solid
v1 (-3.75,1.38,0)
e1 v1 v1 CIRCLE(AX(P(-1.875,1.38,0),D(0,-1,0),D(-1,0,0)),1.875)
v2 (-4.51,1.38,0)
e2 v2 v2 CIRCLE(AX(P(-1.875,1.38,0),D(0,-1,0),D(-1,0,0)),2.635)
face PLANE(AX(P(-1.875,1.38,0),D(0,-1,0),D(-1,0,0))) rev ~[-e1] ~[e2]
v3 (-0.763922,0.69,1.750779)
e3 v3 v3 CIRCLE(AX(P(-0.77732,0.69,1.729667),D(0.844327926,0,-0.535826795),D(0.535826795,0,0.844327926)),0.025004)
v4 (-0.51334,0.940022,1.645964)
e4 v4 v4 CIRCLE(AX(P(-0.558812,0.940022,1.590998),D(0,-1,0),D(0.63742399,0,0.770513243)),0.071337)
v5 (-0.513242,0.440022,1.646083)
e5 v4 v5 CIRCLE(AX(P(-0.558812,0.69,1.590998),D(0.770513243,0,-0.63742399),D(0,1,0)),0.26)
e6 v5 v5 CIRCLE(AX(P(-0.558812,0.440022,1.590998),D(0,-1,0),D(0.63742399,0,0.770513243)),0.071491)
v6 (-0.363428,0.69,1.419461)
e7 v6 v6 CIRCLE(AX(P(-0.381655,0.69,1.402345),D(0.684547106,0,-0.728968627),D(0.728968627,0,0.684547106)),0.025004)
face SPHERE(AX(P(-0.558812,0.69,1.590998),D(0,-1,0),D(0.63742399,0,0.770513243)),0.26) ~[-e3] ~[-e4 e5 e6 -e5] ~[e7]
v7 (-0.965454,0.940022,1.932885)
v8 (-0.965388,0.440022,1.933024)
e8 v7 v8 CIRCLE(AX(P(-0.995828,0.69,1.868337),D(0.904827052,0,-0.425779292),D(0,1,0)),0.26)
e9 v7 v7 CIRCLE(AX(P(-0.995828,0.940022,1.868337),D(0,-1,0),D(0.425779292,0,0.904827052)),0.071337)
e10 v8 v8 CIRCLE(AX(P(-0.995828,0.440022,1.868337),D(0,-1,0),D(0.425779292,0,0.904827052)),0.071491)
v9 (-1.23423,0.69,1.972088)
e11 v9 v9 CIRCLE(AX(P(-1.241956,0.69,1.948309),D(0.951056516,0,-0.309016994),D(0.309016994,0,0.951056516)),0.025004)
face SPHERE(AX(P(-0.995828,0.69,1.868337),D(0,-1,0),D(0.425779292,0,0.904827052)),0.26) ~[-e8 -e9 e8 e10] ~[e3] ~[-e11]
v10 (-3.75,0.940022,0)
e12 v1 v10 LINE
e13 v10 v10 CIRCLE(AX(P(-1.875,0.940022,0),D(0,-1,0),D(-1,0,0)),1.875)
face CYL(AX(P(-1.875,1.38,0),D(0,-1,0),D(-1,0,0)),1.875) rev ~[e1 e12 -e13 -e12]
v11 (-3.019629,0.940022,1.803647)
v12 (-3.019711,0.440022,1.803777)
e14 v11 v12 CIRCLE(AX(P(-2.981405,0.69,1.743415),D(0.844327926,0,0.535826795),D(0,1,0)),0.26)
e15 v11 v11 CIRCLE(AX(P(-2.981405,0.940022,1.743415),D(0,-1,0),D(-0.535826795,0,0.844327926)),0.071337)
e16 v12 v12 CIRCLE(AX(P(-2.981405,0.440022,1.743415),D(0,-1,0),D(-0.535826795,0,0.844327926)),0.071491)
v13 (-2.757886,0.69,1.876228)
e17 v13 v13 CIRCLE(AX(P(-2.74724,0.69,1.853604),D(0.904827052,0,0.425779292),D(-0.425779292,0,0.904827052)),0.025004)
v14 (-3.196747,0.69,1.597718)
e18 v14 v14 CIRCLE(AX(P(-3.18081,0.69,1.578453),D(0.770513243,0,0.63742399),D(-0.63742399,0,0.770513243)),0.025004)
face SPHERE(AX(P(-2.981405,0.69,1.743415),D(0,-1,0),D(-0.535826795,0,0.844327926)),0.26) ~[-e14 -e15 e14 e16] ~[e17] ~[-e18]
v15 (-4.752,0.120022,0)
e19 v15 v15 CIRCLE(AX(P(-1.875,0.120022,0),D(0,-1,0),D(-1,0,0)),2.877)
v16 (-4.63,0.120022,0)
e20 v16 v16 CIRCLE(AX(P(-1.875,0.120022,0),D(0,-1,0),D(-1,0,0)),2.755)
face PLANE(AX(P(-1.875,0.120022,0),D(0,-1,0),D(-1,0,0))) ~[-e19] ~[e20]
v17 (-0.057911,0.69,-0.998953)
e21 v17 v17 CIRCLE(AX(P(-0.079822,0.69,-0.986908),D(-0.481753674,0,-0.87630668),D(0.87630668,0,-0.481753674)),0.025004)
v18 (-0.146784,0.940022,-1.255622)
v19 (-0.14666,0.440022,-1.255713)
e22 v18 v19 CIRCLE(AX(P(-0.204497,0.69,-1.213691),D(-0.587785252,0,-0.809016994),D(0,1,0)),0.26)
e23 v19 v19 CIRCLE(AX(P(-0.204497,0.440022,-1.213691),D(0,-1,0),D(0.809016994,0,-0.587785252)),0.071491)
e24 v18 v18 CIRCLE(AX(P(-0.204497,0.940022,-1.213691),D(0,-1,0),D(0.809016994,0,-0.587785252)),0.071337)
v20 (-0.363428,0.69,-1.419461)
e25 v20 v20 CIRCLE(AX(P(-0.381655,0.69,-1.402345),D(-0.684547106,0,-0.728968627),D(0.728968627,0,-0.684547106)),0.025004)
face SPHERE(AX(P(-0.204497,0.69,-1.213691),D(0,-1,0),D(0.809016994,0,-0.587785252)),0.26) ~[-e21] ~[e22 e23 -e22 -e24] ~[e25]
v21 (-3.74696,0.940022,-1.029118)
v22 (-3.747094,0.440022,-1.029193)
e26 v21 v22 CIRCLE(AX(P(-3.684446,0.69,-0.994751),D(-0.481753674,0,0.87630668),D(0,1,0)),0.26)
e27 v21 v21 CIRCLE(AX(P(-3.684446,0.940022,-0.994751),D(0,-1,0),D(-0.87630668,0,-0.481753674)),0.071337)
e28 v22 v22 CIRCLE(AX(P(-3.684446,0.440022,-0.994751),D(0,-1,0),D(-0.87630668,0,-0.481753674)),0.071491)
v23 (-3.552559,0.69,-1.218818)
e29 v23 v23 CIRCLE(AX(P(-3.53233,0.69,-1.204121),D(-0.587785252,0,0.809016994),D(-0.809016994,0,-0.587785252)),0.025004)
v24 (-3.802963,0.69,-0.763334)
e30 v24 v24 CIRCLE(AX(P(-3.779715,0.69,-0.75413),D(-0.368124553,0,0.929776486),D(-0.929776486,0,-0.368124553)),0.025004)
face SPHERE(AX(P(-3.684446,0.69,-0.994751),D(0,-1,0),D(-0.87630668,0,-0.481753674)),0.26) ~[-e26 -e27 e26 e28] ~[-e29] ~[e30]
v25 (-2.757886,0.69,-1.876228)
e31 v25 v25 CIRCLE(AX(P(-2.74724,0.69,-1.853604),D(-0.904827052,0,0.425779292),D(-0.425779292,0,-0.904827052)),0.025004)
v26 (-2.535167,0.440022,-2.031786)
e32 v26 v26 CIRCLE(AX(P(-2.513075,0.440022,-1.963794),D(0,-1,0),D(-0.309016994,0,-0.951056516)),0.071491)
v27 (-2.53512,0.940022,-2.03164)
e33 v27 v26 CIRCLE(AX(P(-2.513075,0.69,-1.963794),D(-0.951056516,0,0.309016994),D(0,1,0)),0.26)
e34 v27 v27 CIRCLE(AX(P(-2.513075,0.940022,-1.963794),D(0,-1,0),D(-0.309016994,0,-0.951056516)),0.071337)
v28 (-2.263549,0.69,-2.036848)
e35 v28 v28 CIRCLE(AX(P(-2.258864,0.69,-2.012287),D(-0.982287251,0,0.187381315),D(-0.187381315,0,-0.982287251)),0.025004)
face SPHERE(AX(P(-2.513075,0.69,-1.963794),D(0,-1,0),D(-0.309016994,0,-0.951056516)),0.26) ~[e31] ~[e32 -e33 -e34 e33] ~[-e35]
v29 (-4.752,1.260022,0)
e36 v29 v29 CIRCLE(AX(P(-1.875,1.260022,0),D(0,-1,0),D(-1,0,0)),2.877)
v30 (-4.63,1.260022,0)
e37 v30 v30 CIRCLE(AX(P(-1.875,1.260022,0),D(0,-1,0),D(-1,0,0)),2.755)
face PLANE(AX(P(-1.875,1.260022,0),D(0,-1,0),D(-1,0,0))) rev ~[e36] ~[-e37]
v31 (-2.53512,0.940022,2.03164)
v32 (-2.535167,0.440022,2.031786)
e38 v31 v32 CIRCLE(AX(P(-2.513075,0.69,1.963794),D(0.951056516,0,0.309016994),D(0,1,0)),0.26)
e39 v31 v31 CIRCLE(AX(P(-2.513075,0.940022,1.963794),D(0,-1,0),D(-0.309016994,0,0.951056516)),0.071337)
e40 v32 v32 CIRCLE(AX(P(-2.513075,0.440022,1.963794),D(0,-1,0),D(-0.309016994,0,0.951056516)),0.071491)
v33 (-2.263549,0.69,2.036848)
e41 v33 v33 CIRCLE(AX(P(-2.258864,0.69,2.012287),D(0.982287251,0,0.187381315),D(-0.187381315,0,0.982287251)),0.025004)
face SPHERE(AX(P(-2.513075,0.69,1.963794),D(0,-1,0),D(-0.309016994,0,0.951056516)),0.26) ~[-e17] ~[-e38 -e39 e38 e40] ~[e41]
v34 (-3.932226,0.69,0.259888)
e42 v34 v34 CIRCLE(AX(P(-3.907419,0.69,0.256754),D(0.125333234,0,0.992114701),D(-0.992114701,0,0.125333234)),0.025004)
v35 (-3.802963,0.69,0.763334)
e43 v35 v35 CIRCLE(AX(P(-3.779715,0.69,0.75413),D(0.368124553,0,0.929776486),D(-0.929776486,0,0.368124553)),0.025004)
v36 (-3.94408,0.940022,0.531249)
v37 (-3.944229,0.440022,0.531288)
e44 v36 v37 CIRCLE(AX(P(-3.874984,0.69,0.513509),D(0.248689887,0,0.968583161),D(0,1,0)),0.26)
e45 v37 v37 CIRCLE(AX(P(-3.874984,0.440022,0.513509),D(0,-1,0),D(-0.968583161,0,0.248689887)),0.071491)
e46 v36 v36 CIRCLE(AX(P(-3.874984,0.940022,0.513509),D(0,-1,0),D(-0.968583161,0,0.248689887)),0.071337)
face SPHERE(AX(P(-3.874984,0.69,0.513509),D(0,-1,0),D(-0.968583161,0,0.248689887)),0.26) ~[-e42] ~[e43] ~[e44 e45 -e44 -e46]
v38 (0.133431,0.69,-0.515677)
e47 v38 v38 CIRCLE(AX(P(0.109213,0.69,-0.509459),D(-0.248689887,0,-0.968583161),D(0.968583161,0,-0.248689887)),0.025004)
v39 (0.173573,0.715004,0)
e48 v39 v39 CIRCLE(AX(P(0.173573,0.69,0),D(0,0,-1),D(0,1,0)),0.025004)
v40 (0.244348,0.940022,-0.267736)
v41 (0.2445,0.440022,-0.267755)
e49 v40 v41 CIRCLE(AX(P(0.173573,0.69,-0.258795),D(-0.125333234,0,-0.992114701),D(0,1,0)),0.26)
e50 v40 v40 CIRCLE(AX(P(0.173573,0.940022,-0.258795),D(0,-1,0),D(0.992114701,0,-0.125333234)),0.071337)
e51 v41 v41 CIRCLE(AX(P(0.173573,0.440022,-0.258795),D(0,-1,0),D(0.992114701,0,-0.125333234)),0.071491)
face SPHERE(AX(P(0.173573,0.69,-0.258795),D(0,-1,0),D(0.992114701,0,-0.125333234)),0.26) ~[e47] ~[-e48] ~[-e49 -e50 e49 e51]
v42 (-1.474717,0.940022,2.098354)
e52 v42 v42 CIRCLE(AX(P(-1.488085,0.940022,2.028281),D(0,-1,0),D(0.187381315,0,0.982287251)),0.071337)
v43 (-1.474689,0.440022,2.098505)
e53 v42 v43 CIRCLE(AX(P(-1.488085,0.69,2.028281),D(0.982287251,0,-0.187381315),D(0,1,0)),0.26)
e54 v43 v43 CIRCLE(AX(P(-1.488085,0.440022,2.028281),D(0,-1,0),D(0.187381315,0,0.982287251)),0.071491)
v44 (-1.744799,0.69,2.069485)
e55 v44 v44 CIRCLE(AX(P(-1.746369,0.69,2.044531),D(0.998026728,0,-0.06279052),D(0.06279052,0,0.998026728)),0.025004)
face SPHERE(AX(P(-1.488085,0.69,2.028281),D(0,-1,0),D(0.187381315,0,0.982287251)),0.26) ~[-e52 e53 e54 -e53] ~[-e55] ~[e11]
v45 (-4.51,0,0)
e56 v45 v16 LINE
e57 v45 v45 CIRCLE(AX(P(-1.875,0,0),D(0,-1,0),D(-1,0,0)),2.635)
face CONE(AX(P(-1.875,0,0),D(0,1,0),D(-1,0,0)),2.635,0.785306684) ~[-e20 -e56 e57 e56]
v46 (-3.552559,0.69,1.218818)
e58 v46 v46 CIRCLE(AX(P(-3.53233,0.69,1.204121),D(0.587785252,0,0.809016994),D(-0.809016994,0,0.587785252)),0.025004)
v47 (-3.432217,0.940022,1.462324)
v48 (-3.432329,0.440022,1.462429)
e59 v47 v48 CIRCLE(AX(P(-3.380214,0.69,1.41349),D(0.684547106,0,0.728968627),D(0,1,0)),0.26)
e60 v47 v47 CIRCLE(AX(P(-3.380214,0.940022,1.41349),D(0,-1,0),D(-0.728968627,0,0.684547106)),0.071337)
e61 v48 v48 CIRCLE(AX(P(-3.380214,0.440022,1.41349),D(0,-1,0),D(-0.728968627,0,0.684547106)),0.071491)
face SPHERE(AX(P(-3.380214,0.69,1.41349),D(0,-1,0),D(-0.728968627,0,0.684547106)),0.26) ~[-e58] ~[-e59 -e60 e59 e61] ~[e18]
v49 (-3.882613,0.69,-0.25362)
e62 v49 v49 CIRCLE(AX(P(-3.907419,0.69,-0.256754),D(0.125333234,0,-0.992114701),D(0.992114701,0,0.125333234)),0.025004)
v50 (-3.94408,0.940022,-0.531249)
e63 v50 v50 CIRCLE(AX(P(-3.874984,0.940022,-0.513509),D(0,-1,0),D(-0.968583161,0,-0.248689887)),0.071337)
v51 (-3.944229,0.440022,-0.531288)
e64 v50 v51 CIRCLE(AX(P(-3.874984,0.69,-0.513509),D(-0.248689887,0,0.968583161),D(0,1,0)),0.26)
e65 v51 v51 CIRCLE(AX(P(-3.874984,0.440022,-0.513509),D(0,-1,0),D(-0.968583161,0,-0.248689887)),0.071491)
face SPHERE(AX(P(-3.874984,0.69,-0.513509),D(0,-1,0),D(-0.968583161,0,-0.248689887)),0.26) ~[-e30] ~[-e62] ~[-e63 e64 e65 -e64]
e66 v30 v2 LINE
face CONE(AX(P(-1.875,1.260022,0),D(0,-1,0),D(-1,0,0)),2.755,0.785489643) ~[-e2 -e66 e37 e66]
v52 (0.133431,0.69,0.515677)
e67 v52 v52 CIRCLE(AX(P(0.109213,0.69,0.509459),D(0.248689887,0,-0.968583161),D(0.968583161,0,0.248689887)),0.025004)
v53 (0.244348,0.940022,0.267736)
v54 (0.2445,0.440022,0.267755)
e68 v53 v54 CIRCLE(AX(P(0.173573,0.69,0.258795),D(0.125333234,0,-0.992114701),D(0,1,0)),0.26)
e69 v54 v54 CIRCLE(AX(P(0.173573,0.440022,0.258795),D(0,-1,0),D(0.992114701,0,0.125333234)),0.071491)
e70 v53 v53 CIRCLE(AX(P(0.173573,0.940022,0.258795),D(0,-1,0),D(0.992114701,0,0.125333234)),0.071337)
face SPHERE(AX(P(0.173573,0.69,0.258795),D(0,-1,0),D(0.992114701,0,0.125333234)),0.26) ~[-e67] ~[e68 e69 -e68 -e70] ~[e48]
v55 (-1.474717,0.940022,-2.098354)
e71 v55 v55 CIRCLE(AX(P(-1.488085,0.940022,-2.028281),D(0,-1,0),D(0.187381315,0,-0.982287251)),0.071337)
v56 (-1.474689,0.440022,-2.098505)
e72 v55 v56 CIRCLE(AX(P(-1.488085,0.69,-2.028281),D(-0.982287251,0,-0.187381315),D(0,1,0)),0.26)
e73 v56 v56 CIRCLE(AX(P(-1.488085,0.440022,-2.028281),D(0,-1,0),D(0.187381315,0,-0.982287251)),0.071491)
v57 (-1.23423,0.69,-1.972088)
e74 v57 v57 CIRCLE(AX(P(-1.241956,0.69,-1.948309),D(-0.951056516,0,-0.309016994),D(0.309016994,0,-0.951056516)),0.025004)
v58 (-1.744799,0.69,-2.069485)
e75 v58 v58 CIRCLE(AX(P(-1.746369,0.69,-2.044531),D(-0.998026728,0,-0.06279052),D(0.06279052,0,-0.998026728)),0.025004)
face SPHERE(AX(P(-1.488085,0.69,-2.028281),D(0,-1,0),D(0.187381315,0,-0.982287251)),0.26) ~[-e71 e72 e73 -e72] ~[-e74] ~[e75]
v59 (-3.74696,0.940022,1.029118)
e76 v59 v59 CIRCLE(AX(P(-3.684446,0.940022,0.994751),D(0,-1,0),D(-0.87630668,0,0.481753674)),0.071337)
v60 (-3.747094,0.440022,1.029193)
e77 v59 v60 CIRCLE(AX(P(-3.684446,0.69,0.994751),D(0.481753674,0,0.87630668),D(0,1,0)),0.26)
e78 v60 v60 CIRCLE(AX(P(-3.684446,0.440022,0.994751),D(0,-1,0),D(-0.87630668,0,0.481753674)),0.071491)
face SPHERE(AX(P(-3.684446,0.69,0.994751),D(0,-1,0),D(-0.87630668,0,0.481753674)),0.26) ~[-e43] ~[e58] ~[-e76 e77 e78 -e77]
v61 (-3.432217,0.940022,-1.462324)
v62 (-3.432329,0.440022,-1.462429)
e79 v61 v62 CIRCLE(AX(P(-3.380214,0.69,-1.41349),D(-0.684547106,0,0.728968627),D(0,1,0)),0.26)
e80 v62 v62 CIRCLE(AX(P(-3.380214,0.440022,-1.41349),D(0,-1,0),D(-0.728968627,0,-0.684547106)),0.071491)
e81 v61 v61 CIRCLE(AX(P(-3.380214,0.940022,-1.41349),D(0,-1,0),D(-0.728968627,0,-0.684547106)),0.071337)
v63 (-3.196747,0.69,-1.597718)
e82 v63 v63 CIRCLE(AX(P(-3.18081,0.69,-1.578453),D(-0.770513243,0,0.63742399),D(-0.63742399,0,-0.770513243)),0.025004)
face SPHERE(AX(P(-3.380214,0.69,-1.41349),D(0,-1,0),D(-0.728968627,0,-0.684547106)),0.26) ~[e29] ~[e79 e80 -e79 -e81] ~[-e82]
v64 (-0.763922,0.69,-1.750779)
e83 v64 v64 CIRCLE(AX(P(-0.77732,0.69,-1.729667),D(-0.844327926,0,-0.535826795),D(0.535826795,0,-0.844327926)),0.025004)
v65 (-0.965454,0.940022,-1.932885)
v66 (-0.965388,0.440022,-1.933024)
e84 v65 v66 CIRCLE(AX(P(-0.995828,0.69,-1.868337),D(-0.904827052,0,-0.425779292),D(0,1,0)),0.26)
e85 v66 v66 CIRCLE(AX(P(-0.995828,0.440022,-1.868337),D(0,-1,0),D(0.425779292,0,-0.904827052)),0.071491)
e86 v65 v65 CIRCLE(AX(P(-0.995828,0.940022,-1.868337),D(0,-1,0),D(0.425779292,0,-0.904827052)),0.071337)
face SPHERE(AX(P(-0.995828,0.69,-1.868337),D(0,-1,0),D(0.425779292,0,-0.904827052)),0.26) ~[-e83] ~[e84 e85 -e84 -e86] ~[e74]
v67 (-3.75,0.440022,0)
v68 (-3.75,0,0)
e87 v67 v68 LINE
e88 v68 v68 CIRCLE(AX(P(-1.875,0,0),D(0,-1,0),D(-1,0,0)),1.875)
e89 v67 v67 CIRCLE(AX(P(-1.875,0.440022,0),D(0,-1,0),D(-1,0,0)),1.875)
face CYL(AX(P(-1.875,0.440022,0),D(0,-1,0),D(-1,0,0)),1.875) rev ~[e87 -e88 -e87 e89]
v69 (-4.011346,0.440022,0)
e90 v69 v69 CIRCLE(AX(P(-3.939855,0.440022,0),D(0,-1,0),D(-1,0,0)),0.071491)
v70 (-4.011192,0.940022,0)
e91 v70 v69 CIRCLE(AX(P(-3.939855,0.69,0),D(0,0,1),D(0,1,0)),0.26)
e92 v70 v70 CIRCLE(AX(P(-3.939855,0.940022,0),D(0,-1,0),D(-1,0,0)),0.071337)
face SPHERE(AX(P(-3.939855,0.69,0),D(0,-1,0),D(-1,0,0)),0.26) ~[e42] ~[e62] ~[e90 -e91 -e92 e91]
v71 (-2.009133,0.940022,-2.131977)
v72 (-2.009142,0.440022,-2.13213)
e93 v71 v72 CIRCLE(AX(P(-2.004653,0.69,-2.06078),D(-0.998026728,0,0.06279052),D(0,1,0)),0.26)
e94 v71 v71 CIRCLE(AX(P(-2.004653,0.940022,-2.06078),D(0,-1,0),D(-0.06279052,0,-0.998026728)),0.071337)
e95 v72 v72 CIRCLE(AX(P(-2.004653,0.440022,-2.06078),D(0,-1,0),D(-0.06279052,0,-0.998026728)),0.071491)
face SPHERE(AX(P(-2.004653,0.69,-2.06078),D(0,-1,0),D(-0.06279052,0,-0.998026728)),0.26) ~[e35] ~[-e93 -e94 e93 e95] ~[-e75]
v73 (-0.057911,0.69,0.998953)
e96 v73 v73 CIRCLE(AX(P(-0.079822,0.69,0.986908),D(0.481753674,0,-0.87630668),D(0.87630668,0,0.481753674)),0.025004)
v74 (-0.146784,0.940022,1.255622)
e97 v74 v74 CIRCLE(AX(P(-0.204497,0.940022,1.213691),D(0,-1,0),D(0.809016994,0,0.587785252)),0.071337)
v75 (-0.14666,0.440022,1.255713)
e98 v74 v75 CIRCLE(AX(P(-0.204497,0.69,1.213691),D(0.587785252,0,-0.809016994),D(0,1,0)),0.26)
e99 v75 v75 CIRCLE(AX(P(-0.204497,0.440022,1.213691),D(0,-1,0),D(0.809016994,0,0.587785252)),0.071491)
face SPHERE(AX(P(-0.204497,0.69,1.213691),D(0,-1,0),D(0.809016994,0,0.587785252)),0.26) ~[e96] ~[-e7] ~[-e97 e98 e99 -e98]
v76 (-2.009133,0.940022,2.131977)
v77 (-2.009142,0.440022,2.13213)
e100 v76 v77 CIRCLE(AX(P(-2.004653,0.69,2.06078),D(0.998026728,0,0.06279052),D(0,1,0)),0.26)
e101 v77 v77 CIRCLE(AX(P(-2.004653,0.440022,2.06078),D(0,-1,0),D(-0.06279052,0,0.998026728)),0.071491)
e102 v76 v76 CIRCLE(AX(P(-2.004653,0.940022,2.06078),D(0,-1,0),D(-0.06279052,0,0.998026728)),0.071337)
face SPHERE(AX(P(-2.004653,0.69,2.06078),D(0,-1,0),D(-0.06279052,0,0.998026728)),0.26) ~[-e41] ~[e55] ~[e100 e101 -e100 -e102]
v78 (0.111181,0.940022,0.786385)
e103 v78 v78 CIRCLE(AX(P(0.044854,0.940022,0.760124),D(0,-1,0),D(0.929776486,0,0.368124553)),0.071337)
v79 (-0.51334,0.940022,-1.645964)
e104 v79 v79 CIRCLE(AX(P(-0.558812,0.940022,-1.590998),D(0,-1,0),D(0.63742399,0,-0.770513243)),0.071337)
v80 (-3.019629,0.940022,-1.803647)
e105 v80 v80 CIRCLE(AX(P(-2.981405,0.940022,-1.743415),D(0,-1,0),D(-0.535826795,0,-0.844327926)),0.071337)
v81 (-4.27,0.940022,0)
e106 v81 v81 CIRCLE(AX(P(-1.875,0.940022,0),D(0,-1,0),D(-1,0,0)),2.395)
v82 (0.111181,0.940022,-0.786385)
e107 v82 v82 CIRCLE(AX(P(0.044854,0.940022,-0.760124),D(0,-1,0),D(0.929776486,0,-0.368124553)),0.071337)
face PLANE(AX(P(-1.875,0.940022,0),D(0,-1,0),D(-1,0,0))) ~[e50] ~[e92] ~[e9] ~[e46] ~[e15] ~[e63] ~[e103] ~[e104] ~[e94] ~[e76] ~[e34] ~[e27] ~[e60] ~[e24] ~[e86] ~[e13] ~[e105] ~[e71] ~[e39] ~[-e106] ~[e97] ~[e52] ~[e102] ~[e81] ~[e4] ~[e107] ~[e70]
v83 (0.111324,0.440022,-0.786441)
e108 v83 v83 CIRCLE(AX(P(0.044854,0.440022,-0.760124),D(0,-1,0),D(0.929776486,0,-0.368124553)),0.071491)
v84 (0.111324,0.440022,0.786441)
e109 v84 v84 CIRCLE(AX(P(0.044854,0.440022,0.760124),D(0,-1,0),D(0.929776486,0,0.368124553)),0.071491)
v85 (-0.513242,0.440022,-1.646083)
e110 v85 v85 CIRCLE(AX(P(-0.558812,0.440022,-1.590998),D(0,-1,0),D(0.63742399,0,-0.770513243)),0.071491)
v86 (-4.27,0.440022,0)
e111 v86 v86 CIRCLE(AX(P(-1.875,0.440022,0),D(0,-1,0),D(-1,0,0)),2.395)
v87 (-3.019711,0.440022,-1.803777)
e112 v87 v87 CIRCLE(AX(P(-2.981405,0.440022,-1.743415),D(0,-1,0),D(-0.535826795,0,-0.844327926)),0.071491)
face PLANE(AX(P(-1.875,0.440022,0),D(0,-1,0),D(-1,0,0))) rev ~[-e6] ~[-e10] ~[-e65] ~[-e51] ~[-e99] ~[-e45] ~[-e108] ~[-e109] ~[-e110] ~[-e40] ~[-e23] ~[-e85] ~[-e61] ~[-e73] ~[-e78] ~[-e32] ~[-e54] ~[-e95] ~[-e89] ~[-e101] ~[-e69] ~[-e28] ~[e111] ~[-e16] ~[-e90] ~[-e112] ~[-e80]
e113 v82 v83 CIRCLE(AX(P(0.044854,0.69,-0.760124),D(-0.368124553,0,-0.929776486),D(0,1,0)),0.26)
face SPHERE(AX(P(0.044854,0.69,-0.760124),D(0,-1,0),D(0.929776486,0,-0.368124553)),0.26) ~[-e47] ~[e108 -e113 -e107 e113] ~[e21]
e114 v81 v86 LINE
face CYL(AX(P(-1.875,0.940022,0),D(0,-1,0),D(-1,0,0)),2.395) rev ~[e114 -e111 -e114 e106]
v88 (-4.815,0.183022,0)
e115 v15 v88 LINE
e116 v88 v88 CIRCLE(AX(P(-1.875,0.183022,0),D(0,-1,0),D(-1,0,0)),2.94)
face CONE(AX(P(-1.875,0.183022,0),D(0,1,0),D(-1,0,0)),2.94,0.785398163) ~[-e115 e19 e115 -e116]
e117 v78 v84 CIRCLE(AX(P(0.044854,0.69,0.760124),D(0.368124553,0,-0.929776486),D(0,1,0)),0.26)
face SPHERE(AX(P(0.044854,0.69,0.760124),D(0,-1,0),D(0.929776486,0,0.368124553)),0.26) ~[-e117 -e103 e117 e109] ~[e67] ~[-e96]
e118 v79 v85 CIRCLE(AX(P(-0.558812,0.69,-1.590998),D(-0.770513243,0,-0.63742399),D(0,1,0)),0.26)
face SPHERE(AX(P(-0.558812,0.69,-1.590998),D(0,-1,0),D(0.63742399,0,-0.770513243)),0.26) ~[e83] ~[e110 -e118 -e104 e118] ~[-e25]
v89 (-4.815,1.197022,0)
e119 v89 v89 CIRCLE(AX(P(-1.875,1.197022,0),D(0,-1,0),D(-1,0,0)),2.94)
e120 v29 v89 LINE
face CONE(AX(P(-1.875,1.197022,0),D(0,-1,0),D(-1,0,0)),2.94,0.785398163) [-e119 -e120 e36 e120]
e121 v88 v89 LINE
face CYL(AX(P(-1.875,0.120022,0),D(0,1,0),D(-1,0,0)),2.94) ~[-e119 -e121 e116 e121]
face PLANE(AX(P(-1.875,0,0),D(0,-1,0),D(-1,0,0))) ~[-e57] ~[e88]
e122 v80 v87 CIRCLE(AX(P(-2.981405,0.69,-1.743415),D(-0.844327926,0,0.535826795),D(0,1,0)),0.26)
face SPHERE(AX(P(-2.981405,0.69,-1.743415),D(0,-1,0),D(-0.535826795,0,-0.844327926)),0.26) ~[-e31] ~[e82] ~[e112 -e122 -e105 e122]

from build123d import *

# Parameters (mm, degrees)
CIRPATTERN1_COUNT = 25
CHAMFER1_SIZE     = 0.063


with BuildPart() as part:
    # Sketch1 → Revolve1 (revolve)
    with BuildSketch(Plane.XY, mode=Mode.PRIVATE) as revolve1_sk:
        Polygon((0, 0), (0.76, 0), (0.88, 0.120021957), (1.065, 0.120021957), (1.065, 1.260021953), (0.88, 1.260021953), (0.76, 1.38), (0, 1.38), (0, 0.940021955), (0.52, 0.940021955), (0.52, 0.440021955), (0, 0.440021955), align=None)
    revolve(revolve1_sk.sketch.rotate(Axis((-1.875, 3.721140014, 0), (0, -1, 0)), 180), axis=Axis((-1.875, 3.721140014, 0), (0, -1, 0)))

    # Sketch2 → Revolve2 (revolve)
    with BuildSketch(Plane.XY):
        with BuildLine():
            Line((-3.939854923, 0.43), (-3.939854923, 0.95))
            ThreePointArc((-3.939854923, 0.95), (-4.199854923, 0.69), (-3.939854923, 0.43))
        make_face()
    revolve2 = revolve(axis=Axis((-3.939854923, 0.43, 0), (0, 1, 0)))

    # CirPattern1: Revolve2 ×25 about axis
    cirpattern1_axis = Axis((-1.875, 0, 0), (0, 1, 0))
    for i in range(1, CIRPATTERN1_COUNT):
        add(revolve2.rotate(cirpattern1_axis, i * 360 / CIRPATTERN1_COUNT))

    # Chamfer1
    chamfer1_edges = [part.edges().sort_by_distance(p)[0] for p in [
        (1.065, 1.260021953, 0),
        (1.065, 0.120021957, 0),
    ]]
    chamfer(chamfer1_edges, length=CHAMFER1_SIZE)


solid = part.part
